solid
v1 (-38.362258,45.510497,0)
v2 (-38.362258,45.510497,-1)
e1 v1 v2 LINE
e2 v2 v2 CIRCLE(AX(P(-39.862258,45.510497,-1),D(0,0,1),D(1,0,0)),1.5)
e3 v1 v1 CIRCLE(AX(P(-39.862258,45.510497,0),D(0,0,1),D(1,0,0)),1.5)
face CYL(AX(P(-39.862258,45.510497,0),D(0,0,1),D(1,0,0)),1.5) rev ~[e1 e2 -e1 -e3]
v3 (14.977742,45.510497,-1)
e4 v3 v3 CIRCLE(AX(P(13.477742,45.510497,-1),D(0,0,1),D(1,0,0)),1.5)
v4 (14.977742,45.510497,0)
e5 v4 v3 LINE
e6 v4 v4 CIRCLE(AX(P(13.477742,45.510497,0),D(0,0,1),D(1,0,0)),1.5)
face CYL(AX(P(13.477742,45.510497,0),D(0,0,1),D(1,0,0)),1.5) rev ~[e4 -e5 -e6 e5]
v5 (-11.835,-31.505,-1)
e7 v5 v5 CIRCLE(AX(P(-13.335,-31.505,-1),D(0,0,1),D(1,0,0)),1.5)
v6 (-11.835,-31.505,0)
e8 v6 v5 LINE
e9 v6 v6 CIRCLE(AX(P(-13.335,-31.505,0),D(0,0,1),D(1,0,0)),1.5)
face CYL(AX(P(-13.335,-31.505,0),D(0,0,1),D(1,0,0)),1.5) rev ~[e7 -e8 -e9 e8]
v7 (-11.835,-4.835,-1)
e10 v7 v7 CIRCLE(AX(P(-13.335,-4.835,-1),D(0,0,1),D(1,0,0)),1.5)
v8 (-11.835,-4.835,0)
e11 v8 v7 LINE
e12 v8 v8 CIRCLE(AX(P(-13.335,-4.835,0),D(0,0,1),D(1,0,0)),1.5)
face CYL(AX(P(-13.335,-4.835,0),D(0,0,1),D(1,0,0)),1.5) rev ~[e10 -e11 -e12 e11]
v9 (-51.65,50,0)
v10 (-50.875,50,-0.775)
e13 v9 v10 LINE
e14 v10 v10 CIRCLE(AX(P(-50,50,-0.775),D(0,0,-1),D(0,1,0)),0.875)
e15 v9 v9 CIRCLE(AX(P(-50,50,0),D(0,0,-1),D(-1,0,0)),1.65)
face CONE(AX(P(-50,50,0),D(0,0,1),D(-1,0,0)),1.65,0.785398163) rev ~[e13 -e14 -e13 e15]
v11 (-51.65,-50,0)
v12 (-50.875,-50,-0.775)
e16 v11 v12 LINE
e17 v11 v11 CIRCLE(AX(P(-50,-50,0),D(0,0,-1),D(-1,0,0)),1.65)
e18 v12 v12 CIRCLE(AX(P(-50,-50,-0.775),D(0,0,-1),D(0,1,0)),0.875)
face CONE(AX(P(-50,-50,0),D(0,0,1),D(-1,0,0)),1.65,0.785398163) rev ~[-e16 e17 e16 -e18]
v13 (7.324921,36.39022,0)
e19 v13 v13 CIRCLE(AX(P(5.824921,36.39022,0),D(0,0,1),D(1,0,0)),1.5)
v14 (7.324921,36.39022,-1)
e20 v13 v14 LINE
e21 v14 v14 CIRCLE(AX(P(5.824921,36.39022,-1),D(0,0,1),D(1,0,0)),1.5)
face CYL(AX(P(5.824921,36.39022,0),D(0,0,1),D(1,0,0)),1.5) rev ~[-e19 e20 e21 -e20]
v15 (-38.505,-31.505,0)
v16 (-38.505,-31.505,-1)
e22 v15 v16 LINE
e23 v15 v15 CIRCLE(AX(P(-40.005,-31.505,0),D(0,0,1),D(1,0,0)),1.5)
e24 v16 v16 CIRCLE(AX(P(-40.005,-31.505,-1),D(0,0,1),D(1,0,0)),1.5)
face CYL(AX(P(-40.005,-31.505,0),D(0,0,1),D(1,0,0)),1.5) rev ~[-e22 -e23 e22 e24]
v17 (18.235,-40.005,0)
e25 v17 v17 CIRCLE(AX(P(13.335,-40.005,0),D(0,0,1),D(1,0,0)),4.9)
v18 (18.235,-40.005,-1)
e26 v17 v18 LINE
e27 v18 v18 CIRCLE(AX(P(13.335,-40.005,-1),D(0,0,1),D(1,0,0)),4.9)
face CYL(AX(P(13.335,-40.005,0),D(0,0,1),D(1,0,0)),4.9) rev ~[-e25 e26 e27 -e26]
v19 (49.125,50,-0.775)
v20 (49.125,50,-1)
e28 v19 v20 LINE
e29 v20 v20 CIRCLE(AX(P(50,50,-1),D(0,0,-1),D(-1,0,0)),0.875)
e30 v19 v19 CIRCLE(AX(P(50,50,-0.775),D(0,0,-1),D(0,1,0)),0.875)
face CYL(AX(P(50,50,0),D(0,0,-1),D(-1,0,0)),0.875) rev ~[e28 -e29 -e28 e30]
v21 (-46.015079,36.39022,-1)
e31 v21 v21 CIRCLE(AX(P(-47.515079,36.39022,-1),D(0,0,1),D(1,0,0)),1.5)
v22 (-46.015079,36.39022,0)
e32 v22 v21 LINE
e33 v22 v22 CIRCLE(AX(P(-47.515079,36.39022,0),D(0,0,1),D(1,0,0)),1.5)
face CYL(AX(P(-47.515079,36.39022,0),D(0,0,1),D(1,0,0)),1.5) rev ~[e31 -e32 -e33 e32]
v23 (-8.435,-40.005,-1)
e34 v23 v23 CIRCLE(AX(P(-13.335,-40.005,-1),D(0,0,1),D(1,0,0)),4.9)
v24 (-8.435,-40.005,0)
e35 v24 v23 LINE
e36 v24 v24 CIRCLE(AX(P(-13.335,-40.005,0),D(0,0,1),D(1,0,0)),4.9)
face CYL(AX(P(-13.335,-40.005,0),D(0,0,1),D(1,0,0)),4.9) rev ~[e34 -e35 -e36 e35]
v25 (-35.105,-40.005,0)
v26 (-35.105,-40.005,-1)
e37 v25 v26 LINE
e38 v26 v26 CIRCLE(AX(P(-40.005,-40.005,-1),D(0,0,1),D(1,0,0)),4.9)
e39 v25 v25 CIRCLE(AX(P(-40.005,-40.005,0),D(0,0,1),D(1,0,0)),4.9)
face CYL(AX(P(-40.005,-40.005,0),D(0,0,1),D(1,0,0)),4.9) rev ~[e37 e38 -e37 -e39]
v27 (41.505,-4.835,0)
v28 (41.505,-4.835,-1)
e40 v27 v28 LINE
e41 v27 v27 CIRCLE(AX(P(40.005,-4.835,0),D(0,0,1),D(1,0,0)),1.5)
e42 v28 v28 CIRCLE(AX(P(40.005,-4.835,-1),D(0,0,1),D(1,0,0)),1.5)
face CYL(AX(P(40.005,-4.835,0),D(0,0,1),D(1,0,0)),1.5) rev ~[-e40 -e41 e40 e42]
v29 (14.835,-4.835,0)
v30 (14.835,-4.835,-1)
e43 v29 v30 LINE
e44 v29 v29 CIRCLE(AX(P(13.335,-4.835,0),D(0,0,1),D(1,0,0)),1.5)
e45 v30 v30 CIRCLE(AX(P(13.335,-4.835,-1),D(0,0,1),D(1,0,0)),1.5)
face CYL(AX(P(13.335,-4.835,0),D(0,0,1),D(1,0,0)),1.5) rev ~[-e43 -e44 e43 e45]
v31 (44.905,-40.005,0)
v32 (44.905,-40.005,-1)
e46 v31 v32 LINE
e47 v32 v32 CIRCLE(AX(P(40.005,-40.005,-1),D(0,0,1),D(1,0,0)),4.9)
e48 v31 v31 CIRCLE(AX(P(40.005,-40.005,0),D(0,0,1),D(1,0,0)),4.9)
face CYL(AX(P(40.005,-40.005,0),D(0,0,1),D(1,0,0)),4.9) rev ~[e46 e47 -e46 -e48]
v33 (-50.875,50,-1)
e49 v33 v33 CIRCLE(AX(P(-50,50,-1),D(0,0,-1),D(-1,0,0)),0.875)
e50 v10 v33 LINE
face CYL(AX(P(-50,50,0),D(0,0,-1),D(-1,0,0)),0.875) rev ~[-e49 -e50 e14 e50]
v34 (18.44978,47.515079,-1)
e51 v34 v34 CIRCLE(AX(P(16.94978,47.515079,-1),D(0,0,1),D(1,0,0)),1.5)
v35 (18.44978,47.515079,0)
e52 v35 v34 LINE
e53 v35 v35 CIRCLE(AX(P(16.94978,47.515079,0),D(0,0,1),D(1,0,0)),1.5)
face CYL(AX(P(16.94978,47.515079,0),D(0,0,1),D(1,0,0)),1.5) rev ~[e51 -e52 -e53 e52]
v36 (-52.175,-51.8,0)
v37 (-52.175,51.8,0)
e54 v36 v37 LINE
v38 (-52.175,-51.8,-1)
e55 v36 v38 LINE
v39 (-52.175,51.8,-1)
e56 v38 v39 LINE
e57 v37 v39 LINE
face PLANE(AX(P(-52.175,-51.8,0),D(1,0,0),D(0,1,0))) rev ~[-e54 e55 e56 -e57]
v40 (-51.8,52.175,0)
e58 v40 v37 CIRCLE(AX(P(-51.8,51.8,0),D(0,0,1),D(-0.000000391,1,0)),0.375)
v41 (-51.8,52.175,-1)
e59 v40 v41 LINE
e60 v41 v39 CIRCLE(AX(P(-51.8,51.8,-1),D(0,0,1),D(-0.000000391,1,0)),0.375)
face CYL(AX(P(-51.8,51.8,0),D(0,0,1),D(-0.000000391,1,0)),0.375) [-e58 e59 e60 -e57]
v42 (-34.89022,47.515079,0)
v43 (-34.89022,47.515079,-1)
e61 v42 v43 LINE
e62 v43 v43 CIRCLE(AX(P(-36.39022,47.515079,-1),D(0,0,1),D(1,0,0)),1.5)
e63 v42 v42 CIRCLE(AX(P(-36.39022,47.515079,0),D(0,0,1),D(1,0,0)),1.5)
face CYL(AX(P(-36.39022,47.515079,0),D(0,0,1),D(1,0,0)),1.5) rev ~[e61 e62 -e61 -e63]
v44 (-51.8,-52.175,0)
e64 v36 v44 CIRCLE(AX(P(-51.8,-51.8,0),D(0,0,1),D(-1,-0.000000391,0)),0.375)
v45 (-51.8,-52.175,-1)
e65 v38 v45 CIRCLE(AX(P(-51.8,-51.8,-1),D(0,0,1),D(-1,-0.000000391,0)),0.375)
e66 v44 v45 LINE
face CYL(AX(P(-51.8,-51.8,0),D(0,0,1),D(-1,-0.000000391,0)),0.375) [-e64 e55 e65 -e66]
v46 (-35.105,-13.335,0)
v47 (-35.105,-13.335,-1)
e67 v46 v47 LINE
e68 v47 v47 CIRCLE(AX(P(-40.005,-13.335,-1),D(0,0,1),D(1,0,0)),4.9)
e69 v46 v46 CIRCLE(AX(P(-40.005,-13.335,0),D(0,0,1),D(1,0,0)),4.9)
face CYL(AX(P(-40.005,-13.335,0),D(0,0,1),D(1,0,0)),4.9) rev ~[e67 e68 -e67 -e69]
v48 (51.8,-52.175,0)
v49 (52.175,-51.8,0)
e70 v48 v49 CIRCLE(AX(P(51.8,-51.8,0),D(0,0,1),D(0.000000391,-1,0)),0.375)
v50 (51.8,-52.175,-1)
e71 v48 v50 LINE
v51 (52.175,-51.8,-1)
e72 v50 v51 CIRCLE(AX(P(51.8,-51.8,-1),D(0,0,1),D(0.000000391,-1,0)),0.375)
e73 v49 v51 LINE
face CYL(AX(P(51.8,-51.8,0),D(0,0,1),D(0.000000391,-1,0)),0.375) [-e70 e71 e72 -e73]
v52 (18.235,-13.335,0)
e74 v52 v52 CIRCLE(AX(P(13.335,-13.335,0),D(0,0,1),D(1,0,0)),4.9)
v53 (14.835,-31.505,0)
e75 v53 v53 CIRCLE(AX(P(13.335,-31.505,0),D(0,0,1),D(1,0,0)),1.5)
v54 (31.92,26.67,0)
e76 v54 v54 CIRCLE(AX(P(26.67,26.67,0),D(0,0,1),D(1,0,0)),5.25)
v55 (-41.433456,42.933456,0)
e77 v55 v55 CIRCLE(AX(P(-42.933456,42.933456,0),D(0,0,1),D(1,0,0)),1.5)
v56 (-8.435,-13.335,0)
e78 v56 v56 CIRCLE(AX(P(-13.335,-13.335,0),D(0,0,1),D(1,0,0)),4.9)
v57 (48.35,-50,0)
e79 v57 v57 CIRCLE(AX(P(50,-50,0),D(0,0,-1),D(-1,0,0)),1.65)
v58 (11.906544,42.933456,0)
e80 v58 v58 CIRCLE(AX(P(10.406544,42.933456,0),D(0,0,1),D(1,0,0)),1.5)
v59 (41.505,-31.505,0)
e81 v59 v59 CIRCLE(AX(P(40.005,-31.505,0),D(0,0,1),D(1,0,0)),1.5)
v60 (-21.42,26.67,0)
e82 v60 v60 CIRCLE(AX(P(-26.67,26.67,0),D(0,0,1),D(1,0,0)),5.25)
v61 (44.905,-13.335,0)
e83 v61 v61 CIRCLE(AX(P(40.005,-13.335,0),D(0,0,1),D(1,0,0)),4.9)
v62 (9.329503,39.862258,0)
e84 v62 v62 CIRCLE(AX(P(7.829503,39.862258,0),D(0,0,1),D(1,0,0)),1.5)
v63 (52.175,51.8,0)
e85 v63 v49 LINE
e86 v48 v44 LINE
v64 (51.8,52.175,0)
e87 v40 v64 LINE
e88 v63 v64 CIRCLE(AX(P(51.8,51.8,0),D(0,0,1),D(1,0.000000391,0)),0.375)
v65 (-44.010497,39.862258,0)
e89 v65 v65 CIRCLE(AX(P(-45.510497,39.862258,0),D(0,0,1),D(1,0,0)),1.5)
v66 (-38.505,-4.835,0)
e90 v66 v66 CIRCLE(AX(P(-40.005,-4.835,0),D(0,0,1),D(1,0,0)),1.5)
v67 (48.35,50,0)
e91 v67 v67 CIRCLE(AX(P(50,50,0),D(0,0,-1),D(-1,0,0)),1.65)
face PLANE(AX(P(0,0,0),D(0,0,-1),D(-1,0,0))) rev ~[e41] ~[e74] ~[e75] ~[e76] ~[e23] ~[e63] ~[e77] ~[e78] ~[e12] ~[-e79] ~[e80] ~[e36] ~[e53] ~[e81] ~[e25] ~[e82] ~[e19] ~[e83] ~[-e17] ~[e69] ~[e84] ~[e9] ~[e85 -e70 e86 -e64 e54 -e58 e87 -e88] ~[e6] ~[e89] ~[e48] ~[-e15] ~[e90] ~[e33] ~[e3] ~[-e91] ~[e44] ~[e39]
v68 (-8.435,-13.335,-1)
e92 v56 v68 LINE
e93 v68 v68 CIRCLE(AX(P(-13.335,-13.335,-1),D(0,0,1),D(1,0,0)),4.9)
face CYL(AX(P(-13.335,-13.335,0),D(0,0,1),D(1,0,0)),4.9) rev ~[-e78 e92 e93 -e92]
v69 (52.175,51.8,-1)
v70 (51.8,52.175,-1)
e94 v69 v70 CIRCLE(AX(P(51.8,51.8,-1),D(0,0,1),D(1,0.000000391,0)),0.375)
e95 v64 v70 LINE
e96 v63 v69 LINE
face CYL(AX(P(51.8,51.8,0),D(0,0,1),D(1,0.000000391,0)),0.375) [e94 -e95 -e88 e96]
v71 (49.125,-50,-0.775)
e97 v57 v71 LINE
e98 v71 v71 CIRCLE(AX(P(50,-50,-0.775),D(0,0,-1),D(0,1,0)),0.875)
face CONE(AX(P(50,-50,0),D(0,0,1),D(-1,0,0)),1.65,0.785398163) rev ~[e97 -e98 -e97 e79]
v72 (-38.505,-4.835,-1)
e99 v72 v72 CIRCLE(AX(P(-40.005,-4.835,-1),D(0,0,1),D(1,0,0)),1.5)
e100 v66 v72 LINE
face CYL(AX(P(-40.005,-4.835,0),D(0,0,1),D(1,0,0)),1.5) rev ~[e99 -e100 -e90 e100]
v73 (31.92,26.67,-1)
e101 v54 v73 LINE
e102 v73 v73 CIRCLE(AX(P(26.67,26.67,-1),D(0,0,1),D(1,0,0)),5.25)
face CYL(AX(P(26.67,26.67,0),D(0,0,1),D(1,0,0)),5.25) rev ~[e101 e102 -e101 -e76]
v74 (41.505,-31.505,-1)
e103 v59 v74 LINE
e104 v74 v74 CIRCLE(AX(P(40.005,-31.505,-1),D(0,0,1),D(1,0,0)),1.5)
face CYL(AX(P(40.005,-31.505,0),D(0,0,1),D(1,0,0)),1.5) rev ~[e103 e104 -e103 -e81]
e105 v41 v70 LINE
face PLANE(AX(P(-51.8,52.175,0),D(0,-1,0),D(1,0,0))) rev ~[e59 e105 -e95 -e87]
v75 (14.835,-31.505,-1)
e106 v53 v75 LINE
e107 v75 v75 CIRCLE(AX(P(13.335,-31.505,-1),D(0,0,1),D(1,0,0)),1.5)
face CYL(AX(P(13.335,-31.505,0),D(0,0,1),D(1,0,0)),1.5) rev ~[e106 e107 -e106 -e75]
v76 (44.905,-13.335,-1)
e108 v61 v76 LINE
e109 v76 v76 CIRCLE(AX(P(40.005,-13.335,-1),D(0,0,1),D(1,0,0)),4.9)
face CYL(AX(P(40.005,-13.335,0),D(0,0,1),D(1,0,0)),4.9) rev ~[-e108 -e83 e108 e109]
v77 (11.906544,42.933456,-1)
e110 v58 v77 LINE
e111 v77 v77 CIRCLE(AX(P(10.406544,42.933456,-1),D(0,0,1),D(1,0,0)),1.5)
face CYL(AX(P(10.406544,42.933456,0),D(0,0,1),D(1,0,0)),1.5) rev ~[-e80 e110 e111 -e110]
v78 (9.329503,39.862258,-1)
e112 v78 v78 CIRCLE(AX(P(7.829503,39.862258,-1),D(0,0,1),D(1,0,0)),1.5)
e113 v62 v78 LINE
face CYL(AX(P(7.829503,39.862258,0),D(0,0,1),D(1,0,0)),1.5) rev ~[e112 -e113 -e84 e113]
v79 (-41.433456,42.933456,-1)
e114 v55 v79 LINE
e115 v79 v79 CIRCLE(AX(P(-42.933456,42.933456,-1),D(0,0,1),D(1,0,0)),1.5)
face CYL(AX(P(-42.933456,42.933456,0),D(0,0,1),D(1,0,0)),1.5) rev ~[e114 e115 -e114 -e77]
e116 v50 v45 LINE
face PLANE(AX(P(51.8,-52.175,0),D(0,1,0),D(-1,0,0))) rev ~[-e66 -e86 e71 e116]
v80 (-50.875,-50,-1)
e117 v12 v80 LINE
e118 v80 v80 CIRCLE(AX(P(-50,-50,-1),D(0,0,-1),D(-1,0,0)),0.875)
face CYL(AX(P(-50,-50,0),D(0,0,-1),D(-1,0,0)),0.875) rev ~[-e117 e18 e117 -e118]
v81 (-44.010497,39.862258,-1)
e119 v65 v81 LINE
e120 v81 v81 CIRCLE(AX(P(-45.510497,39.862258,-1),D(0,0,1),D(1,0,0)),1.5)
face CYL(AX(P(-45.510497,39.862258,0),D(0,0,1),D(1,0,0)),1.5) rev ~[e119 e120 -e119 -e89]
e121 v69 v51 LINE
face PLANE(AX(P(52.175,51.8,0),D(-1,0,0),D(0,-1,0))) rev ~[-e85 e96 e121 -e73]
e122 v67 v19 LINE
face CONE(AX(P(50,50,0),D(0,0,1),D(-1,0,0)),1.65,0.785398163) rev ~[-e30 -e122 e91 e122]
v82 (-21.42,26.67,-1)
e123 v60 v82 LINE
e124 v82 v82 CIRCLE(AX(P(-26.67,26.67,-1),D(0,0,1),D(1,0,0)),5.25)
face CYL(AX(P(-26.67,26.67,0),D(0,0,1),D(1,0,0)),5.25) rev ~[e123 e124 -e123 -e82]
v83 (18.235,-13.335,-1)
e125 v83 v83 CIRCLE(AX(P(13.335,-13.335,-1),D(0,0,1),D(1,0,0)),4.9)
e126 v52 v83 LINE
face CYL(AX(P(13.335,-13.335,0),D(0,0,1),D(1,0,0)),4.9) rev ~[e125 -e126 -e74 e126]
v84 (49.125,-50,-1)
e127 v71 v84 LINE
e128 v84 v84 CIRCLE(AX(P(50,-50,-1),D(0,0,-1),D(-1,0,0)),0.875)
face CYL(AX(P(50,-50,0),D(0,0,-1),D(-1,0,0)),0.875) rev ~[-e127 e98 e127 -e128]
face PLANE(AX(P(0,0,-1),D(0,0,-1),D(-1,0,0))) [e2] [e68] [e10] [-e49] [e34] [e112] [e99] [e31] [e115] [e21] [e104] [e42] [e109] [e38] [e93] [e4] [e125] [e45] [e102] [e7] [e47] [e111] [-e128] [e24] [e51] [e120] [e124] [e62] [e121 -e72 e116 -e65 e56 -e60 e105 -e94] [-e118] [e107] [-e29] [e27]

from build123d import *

# Parameters (mm, degrees)
PAD_DEPTH        = 1
POCKET_DEPTH     = 0.001
HOLE_D           = 1.75
HOLE_CSINK_D     = 3.3
HOLE_CSINK_ANGLE = 90
SKETCH023_R      = 4.9
HOLE014_DEPTH    = 25
SKETCH024_R      = 1.5
HOLE015_DEPTH    = 25
SKETCH025_R      = 5.25
SKETCH025_R_2    = 1.5
POCKET007_DEPTH  = 5


with BuildPart() as part:
    # Sketch → Pad (new body)
    with BuildSketch(Plane.XY):
        with BuildLine():
            Line((-51.8, 52.175), (51.8, 52.175))
            ThreePointArc((52.175, 51.8), (52.065165, 52.065165), (51.8, 52.175))
            Line((52.175, 51.8), (52.175, -51.8))
            ThreePointArc((51.8, -52.175), (52.065165, -52.065165), (52.175, -51.8))
            Line((51.8, -52.175), (-51.8, -52.175))
            ThreePointArc((-52.175, -51.8), (-52.065165, -52.065165), (-51.8, -52.175))
            Line((-52.175, -51.8), (-52.175, 51.8))
            ThreePointArc((-51.8, 52.175), (-52.065165, 52.065165), (-52.175, 51.8))
        make_face()
    extrude(amount=-PAD_DEPTH)

    # Sketch002 → Pocket (cut, through all)
    with BuildSketch(Plane.XY.offset(-4.8)):
        with BuildLine():
            Line((-45, 50.175), (45, 50.175))
            ThreePointArc((45, 50.175), (45.353553, 50.321447), (45.5, 50.675))
            ThreePointArc((45.5, 50.675), (45.353553, 51.028553), (45, 51.175))
            Line((-45, 51.175), (45, 51.175))
            ThreePointArc((-45, 51.175), (-45.353553, 51.028553), (-45.5, 50.675))
            ThreePointArc((-45.5, 50.675), (-45.353553, 50.321447), (-45, 50.175))
        make_face()
        with BuildLine():
            Line((-45, -51.175), (45, -51.175))
            ThreePointArc((45, -51.175), (45.353553, -51.028553), (45.5, -50.675))
            ThreePointArc((45.5, -50.675), (45.353553, -50.321447), (45, -50.175))
            Line((-45, -50.175), (45, -50.175))
            ThreePointArc((-45, -50.175), (-45.353553, -50.321447), (-45.5, -50.675))
            ThreePointArc((-45.5, -50.675), (-45.353553, -51.028553), (-45, -51.175))
        make_face()
        with BuildLine():
            Line((51.175, -45), (51.175, 45))
            ThreePointArc((51.175, 45), (51.028553, 45.353553), (50.675, 45.5))
            ThreePointArc((50.675, 45.5), (50.321447, 45.353553), (50.175, 45))
            Line((50.175, -45), (50.175, 45))
            ThreePointArc((50.175, -45), (50.321447, -45.353553), (50.675, -45.5))
            ThreePointArc((50.675, -45.5), (51.028553, -45.353553), (51.175, -45))
        make_face()
        with BuildLine():
            Line((-50.175, -45), (-50.175, 45))
            ThreePointArc((-50.175, 45), (-50.321447, 45.353553), (-50.675, 45.5))
            ThreePointArc((-50.675, 45.5), (-51.028553, 45.353553), (-51.175, 45))
            Line((-51.175, -45), (-51.175, 45))
            ThreePointArc((-51.175, -45), (-51.028553, -45.353553), (-50.675, -45.5))
            ThreePointArc((-50.675, -45.5), (-50.321447, -45.353553), (-50.175, -45))
        make_face()
    extrude(amount=-POCKET_DEPTH, mode=Mode.SUBTRACT)

    # Hole (through all)
    with Locations(Plane.XY):
        with Locations((-50, 50), (50, 50), (50, -50), (-50, -50)):
            CounterSinkHole(HOLE_D / 2, HOLE_CSINK_D / 2, counter_sink_angle=HOLE_CSINK_ANGLE)

    # Sketch023 → Hole014 (cut)
    with BuildSketch(Plane.XY):
        with Locations((-40.005, -13.335)):
            Circle(SKETCH023_R)
        with Locations((-13.335, -13.335)):
            Circle(SKETCH023_R)
        with Locations((13.335, -13.335)):
            Circle(SKETCH023_R)
        with Locations((40.005, -13.335)):
            Circle(SKETCH023_R)
        with Locations((-40.005, -40.005)):
            Circle(SKETCH023_R)
        with Locations((-13.335, -40.005)):
            Circle(SKETCH023_R)
        with Locations((13.335, -40.005)):
            Circle(SKETCH023_R)
        with Locations((40.005, -40.005)):
            Circle(SKETCH023_R)
    extrude(amount=-HOLE014_DEPTH, mode=Mode.SUBTRACT)

    # Sketch024 → Hole015 (cut)
    with BuildSketch(Plane.XY):
        with Locations((-40.005, -4.835)):
            Circle(SKETCH024_R)
        with Locations((-13.335, -4.835)):
            Circle(SKETCH024_R)
        with Locations((13.335, -4.835)):
            Circle(SKETCH024_R)
        with Locations((40.005, -4.835)):
            Circle(SKETCH024_R)
        with Locations((-40.005, -31.505)):
            Circle(SKETCH024_R)
        with Locations((-13.335, -31.505)):
            Circle(SKETCH024_R)
        with Locations((13.335, -31.505)):
            Circle(SKETCH024_R)
        with Locations((40.005, -31.505)):
            Circle(SKETCH024_R)
    extrude(amount=-HOLE015_DEPTH, mode=Mode.SUBTRACT)

    # Sketch025 → Pocket007 (cut)
    with BuildSketch(Plane.XY):
        with Locations((-26.67, 26.67)):
            Circle(SKETCH025_R)
        with Locations((26.67, 26.67)):
            Circle(SKETCH025_R)
        with Locations((-47.515079, 36.39022)):
            Circle(SKETCH025_R_2)
        with Locations((-45.510497, 39.862258)):
            Circle(SKETCH025_R_2)
        with Locations((-42.933456, 42.933456)):
            Circle(SKETCH025_R_2)
        with Locations((-39.862258, 45.510497)):
            Circle(SKETCH025_R_2)
        with Locations((-36.39022, 47.515079)):
            Circle(SKETCH025_R_2)
        with Locations((5.824921, 36.39022)):
            Circle(SKETCH025_R_2)
        with Locations((7.829503, 39.862258)):
            Circle(SKETCH025_R_2)
        with Locations((10.406544, 42.933456)):
            Circle(SKETCH025_R_2)
        with Locations((13.477742, 45.510497)):
            Circle(SKETCH025_R_2)
        with Locations((16.94978, 47.515079)):
            Circle(SKETCH025_R_2)
    extrude(amount=-POCKET007_DEPTH, mode=Mode.SUBTRACT)


solid = part.part
